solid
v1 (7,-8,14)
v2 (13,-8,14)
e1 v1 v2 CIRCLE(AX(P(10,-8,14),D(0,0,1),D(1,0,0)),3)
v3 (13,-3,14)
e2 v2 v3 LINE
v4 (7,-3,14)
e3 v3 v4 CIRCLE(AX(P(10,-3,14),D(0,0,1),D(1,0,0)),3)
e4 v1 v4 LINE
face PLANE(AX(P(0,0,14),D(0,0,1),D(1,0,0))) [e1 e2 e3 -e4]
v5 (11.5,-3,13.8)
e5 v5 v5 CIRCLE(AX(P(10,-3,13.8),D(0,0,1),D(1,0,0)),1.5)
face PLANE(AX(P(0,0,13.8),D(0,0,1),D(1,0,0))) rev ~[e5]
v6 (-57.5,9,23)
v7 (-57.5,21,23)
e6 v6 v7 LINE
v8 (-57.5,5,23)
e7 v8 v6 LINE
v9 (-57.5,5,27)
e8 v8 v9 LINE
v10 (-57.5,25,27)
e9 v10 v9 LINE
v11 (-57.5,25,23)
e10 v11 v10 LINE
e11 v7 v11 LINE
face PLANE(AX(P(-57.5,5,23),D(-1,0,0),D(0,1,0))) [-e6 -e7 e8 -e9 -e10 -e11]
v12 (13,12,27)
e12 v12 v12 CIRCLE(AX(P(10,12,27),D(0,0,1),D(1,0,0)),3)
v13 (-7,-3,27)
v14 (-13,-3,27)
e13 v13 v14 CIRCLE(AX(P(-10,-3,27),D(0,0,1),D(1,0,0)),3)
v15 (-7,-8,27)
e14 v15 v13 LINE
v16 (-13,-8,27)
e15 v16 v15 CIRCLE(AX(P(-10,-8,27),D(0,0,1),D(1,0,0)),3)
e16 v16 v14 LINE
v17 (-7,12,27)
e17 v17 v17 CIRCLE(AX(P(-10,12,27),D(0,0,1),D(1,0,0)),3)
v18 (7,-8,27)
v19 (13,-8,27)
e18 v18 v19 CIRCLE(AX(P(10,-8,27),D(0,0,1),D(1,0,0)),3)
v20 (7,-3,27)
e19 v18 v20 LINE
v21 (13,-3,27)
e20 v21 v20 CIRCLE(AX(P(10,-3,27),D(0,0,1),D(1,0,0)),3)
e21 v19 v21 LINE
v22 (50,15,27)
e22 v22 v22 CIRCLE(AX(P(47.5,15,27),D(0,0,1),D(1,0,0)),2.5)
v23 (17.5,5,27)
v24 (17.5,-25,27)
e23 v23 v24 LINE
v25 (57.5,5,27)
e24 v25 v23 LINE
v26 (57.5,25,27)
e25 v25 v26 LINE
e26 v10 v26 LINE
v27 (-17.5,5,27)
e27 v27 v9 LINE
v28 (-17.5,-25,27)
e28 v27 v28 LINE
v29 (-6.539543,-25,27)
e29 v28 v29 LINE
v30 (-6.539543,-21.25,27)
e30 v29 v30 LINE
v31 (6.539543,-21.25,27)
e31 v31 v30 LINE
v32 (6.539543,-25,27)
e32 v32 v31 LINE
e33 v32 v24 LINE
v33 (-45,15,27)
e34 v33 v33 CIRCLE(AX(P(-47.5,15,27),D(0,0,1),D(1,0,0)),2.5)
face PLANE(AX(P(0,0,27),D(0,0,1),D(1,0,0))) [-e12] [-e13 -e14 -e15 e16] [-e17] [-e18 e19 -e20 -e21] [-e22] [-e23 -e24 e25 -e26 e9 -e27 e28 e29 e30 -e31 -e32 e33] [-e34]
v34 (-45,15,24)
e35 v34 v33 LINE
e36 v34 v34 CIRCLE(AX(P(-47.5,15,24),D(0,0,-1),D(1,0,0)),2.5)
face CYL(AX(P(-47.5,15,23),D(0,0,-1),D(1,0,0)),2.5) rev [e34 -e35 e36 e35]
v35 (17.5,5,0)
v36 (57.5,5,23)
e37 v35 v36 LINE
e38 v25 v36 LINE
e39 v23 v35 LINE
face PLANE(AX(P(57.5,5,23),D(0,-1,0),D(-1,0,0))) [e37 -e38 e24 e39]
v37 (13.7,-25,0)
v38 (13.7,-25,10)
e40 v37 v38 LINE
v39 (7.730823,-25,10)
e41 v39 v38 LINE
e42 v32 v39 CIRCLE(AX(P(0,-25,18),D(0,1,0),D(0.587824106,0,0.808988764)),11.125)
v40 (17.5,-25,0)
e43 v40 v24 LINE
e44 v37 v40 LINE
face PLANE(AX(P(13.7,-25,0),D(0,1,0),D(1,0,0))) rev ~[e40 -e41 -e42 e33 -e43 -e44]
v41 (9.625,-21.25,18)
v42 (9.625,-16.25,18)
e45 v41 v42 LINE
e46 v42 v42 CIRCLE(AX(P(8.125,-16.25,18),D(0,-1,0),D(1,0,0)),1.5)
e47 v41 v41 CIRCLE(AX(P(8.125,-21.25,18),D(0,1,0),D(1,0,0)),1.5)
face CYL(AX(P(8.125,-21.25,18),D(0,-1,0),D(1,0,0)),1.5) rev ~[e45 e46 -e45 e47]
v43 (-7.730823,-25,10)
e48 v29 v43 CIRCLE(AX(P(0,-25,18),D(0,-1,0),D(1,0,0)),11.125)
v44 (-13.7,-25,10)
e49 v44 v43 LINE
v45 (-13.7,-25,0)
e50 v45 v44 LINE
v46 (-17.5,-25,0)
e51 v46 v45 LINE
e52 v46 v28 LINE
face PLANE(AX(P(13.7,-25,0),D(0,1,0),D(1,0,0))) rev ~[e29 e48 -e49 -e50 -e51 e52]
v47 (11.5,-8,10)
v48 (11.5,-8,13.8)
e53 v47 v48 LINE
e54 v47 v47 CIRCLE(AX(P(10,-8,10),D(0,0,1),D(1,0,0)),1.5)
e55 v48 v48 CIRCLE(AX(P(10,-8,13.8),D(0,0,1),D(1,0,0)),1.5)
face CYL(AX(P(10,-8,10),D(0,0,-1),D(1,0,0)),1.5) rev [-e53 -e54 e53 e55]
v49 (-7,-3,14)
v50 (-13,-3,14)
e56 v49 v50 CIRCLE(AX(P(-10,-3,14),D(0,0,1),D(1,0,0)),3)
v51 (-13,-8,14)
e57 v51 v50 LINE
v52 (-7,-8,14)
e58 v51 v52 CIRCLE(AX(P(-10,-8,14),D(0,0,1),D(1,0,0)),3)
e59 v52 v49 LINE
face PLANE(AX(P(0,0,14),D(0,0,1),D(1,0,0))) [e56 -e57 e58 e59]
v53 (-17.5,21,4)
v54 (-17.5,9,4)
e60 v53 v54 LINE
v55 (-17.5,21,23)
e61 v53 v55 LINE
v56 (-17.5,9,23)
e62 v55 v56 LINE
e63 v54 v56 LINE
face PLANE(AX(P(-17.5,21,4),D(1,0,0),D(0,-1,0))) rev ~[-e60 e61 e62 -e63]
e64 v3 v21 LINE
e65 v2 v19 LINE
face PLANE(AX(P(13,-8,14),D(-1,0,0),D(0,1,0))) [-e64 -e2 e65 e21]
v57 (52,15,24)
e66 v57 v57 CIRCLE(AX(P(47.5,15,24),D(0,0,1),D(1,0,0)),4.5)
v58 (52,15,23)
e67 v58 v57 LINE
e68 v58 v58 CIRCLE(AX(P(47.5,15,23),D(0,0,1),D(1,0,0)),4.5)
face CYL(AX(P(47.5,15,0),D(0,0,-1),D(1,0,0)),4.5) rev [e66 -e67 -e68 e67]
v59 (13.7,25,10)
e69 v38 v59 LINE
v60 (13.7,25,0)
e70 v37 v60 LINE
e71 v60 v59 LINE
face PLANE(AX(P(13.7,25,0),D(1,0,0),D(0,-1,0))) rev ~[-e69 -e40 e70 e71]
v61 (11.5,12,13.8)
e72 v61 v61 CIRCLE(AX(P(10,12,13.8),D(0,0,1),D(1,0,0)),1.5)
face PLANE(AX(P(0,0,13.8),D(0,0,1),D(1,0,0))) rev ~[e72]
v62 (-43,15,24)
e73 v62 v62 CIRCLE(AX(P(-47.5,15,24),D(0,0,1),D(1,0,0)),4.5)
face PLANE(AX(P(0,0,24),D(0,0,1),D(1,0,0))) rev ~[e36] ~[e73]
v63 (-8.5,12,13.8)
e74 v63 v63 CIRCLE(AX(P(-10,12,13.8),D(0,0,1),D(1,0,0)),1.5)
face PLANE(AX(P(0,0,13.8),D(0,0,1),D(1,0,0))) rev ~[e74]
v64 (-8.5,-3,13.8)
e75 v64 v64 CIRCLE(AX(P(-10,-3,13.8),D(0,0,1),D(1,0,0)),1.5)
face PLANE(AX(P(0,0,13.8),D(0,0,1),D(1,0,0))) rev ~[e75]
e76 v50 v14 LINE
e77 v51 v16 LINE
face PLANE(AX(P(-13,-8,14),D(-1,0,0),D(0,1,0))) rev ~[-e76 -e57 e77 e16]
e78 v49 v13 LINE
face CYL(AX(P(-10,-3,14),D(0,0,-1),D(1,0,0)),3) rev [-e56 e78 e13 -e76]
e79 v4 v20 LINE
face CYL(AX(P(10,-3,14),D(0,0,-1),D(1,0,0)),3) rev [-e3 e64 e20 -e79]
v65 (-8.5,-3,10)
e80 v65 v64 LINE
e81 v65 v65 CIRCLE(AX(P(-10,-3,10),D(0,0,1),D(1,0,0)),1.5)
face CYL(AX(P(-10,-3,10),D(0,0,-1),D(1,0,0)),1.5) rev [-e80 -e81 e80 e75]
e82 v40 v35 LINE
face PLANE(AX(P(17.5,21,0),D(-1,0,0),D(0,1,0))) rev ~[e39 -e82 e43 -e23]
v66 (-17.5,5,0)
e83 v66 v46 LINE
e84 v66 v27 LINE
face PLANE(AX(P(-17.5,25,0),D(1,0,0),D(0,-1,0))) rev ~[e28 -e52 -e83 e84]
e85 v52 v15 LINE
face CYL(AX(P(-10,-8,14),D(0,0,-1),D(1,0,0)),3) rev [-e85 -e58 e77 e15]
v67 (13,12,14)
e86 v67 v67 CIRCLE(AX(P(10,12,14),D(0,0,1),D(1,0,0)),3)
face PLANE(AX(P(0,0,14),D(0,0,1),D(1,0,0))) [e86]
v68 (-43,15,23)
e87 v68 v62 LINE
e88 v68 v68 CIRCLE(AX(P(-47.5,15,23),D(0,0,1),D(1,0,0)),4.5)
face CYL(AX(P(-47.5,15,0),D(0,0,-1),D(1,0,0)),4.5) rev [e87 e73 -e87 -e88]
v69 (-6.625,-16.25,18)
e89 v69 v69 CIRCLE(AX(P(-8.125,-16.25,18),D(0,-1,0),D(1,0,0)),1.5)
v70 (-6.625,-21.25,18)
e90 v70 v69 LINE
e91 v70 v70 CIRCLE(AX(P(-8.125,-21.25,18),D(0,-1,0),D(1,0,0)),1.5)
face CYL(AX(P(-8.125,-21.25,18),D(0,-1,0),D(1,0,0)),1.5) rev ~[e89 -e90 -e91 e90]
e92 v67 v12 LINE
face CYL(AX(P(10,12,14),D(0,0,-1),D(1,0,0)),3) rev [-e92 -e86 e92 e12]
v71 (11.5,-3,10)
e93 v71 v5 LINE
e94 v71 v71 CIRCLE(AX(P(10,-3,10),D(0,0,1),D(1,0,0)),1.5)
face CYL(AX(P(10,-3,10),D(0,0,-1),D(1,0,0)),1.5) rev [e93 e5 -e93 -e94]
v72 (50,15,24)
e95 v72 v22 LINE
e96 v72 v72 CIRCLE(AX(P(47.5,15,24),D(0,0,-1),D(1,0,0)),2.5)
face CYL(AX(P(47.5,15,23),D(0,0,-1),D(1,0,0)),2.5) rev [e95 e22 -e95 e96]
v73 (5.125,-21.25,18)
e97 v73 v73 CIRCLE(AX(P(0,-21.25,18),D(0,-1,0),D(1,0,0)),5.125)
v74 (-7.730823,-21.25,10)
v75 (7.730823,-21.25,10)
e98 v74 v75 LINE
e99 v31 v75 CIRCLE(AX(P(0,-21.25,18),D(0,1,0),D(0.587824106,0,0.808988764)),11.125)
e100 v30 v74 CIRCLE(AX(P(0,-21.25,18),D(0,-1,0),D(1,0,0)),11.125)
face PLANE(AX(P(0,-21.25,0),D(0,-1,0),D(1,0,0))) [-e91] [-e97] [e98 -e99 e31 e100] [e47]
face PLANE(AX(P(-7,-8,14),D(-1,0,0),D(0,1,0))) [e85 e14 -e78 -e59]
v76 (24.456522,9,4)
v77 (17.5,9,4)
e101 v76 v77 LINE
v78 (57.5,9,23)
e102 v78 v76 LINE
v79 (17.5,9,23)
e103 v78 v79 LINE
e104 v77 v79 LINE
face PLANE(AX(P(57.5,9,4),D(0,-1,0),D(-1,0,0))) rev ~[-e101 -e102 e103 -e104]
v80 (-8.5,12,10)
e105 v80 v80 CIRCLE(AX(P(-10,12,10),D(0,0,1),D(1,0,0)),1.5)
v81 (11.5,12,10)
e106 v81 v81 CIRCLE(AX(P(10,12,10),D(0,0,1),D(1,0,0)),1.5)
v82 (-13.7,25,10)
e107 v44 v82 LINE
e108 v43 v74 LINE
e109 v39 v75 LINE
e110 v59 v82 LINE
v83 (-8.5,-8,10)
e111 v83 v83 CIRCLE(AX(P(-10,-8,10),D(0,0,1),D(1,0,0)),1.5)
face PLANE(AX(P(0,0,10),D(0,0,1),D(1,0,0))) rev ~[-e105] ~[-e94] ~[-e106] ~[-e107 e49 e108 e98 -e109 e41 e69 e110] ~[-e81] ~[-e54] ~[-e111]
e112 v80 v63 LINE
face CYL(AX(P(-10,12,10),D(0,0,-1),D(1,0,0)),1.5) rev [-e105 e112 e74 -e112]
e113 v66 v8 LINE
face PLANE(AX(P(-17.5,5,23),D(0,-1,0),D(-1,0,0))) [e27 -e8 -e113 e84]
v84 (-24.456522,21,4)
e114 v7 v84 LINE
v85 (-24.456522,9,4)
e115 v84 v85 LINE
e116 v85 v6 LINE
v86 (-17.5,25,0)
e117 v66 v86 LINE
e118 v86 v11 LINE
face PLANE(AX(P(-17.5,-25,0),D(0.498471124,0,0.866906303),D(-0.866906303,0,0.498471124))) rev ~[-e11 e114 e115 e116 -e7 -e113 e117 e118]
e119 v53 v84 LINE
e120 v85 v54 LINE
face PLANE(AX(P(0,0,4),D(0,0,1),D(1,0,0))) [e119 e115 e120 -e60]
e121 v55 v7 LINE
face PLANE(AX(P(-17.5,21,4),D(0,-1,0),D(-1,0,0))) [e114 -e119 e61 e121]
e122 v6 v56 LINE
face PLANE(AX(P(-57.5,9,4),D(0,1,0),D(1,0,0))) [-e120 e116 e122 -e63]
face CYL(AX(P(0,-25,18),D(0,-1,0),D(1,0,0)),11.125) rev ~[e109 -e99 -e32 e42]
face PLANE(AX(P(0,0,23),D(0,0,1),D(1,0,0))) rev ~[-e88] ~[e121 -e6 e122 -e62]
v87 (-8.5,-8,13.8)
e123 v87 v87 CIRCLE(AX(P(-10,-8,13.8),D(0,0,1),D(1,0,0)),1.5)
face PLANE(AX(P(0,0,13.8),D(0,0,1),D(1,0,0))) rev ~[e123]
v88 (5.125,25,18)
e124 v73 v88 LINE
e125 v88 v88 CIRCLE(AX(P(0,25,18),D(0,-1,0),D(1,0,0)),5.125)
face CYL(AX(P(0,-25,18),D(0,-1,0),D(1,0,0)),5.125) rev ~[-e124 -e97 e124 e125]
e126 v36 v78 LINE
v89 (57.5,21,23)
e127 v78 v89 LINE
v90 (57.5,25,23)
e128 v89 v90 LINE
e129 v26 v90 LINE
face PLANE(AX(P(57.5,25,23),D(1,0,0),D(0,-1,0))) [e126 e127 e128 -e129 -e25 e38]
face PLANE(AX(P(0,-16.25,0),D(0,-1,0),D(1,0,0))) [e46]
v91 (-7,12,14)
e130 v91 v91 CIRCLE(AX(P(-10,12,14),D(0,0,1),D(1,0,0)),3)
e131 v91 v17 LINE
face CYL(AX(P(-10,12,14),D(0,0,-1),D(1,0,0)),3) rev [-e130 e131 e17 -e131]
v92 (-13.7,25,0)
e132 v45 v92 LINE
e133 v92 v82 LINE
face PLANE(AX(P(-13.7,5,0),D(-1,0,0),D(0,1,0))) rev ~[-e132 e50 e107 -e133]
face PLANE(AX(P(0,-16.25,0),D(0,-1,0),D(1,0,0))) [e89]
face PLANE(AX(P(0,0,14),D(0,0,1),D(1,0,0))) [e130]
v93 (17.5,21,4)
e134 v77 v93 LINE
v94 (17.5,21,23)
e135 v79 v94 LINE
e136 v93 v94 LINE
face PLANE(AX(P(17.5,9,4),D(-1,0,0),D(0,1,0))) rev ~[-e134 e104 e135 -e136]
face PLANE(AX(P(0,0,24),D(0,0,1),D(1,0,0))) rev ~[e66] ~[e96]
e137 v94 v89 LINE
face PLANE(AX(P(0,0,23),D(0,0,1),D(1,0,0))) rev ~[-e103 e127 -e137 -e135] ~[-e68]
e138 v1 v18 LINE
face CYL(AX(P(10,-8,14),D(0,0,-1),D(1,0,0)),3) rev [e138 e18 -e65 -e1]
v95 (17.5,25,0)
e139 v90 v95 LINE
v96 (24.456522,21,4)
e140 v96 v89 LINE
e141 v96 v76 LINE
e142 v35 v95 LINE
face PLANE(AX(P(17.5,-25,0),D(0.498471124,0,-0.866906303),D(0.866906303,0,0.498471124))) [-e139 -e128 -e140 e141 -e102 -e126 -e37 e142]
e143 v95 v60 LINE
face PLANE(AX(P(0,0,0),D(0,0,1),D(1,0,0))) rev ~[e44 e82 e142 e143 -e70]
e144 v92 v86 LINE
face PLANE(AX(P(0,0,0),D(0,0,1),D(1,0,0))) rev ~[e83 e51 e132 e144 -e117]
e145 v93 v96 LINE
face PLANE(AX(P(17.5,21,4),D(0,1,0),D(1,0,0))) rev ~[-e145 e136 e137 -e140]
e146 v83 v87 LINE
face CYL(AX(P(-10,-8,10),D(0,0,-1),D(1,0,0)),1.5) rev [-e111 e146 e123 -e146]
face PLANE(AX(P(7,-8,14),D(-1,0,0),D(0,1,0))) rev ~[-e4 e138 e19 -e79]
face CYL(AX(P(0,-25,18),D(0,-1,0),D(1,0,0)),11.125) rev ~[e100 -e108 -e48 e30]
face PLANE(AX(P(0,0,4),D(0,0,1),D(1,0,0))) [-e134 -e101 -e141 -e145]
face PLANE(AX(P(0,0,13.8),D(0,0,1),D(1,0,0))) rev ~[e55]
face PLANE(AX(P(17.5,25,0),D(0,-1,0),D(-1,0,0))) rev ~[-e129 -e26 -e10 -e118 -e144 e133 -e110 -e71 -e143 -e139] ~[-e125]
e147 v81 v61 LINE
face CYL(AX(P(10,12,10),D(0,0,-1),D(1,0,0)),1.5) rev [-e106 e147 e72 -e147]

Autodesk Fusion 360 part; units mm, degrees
sketch "Sketch1" plane through (0, 0, 0) normal (0, 0, 1) x (1, 0, 0)
  line L0 (17.5, 25) -> (-17.5, 25)
  line L1 (-17.5, 25) -> (-17.5, -25)
  line L2 (-17.5, -25) -> (17.5, -25)
  line L3 (17.5, -25) -> (17.5, 25)
  line L4 (17.5, 25) -> (-17.5, -25) construction
  line L5 (-17.5, 25) -> (17.5, -25) construction
  line L6 (-13.7, 25) -> (13.7, 25)
  line L7 (13.7, 25) -> (13.7, -25)
  line L8 (13.7, -25) -> (-13.7, -25)
  line L9 (-13.7, -25) -> (-13.7, 25)
  line L10 (-57.5, 25) -> (57.5, 25)
  line L11 (57.5, 25) -> (57.5, 5)
  line L12 (57.5, 5) -> (-57.5, 5)
  line L13 (-57.5, 5) -> (-57.5, 25)
  line L14 (17.5, -8) -> (-17.5, -8) construction
  line L15 (17.5, 12) -> (-17.5, 12) construction
  line L16 (-10, -25) -> (-10, 25) construction
  line L17 (10, -25) -> (10, 26.6131) construction
  circle A0 centre (10, -8) radius 1.5
  circle A1 centre (10, 12) radius 1.5
  circle A2 centre (-10, 12) radius 1.5
  circle A3 centre (-10, -8) radius 1.5
  circle A4 centre (10, 12) radius 3
  circle A5 centre (-10, 12) radius 3
  circle A6 centre (-10, -8) radius 3
  circle A7 centre (10, -8) radius 3
  circle A8 centre (47.5, 15) radius 2.5
  circle A9 centre (47.5, 15) radius 4.5
  circle A10 centre (-47.5, 15) radius 2.5
  circle A11 centre (-47.5, 15) radius 4.5
  line L18 (-17.5, 21) -> (-57.5, 21)
  line L19 (-57.5, 21) -> (-57.5, 9)
  line L20 (-57.5, 9) -> (-17.5, 9)
  line L21 (-17.5, 9) -> (-17.5, 21)
  line L22 (57.5, 9) -> (17.5, 9)
  line L23 (17.5, 9) -> (17.5, 21)
  line L24 (17.5, 21) -> (57.5, 21)
  line L25 (57.5, 21) -> (57.5, 9)
  circle A12 centre (10, -3) radius 1.5
  circle A13 centre (10, -3) radius 3
  circle A14 centre (-10, -3) radius 3
  circle A15 centre (-10, -3) radius 1.5
  line L26 (-13, -8) -> (-13, -3)
  line L27 (-7, -8) -> (-7, -3)
  line L28 (7, -8) -> (7, -3)
  line L29 (13, -8) -> (13, -3)
  point P0 (-47.5, 15)
  point P1 (47.5, 15)
  dimension "d1" = 35
  dimension "d2" = 50
  dimension "d5" = 27.4
  dimension "d6" = 50
  dimension "d7" = 3.8
  dimension "d10" = 115
  dimension "d11" = 20
  dimension "d12" = 40
  dimension "d16" = 7.5
  dimension "d17" = 7.5
  dimension "d19" = 13
  dimension "d20" = 3
  dimension "d21" = 3
  dimension "d22" = 3
  dimension "d23" = 3
  dimension "d30" = 6
  dimension "d31" = 6
  dimension "d32" = 6
  dimension "d33" = 6
  dimension "d40" = 5
  dimension "d41" = 9
  dimension "d42" = 5
  dimension "d43" = 9
  dimension "d52" = 40
  dimension "d53" = 12
  dimension "d54" = 12
  dimension "d71" = 20
  dimension "d81" = 10
  dimension "d82" = 10
  dimension "d83" = 10
  dimension "d84" = 10
  dimension "d94" = 3
  dimension "d95" = 3
  dimension "d96" = 6
  dimension "d97" = 6
  dimension "d98" = 5
extrude "Extrude1" add sketch "Sketch1" along normal blind 27 contours L0 L3 L7 L10 L12 L23 | L0 L6 L7 L9 L10 L12 | L0 L1 L9 L10 L12 L21 | L2 L3 L7 L12 | L2 L7 L8 L9 L12 | L1 L2 L9 L12 | A0 | A1 | A2 | A3 | A4 | A5 | A6 A14 | A6 A14 L26 | A6 A14 L27 | A6 A14 | A6 A14 | A7 A13 | A7 A13 L28 | A7 A13 L29 | A7 A13 | A7 A13 | A12 | A15
extrude "Extrude2" cut sketch "Sketch1" along normal blind 10 contours L0 L6 L7 L9 L10 L12 | L2 L7 L8 L9 L12 | A0 | A1 | A2 | A3 | A4 | A5 | A6 A14 | A6 A14 L26 | A6 A14 L27 | A6 A14 | A6 A14 | A7 A13 | A7 A13 L28 | A7 A13 L29 | A7 A13 | A7 A13 | A12 | A15
extrude "Extrude3" add sketch "Sketch1" along normal blind 4 from surface at 23 contours L0 L3 L7 L10 L12 L23 | L3 L10 L11 L24 | L0 L6 L7 L9 L10 L12 | L3 L11 L22 L23 L24 L25 | L0 L1 L9 L10 L12 L21 | L3 L11 L12 L22 | L1 L10 L13 L18 | L1 L13 L18 L19 L20 L21 | L1 L12 L13 L20 | A1 | A2 | A4 | A5 | A8 | A9 | A10 | A11
extrude "Extrude6" cut sketch "Sketch1" along normal up to surface (13 mm away) from surface at 14 contours A0 | A3 | A6 A14 | A6 A14 L26 | A6 A14 L27 | A6 A14 | A6 A14 | A7 A13 | A7 A13 L28 | A7 A13 L29 | A7 A13 | A7 A13 | A12 | A15
extrude "Extrude7" cut sketch "Sketch1" along normal up to surface (13 mm away) from surface at 14 contours A1 | A2 | A4 | A5
extrude "Extrude4" cut sketch "Sketch1" along normal blind 3.8 from surface at 10 contours A0 | A3 | A12 | A15
extrude "Extrude5" cut sketch "Sketch1" along normal blind 3.8 from surface at 10 contours A1 | A2
extrude "Extrude8" cut sketch "Sketch1" along normal up to surface (4 mm away) from surface at 23 contours A8 | A10
extrude "Extrude9" cut sketch "Sketch1" along normal blind 1 from surface at 23 contours A8 | A9 | A10 | A11
extrude "Extrude10" add sketch "Sketch1" along normal up to surface (23 mm away) contours L3 L10 L11 L24 | L3 L11 L22 L23 L24 L25 | L3 L11 L12 L22 | L1 L10 L13 L18 | L1 L13 L18 L19 L20 L21 | L1 L12 L13 L20
sketch "Sketch2" plane through (0, -25, 0) normal (0, -1, 0) x (1, 0, 0)
  line L0 (-17.5, 0) -> (-17.5, 23)
  line L1 (17.5, 23) -> (17.5, 0)
  line L2 (-13.7, 0) -> (-13.7, 10)
  line L3 (-13.7, 10) -> (13.7, 10)
  line L4 (13.7, 10) -> (13.7, 0)
  line L5 (13.7, 0) -> (17.5, 0)
  line L6 (17.5, 0) -> (17.5, 27)
  line L7 (17.5, 27) -> (-17.5, 27)
  line L8 (-17.5, 27) -> (-17.5, 0)
  line L9 (-17.5, 0) -> (-13.7, 0)
  line L10 (17.5, 18) -> (-17.5, 18) construction
  line L11 (0, 23) -> (0, 10) construction
  circle A0 centre (0, 18) radius 5.125
  circle A1 centre (0, 18) radius 11.125
  line L12 (11.125, 18) -> (5.125, 18)
  line L13 (11.125, 18) -> (5.125, 18) construction
  line L14 (-5.125, 18) -> (-11.125, 18) construction
  circle A2 centre (-8.125, 18) radius 1.5
  circle A3 centre (8.125, 18) radius 1.5
  line L15 (-17.5, 27) -> (-57.5, 27)
  line L16 (-57.5, 27) -> (-57.5, 0)
  line L17 (-57.5, 0) -> (-17.5, 0)
  line L18 (-17.5, 0) -> (-17.5, 27)
  line L19 (17.5, 27) -> (57.5, 27)
  line L20 (57.5, 27) -> (57.5, 0)
  line L21 (57.5, 0) -> (17.5, 0)
  line L22 (17.5, 0) -> (17.5, 27)
  line L23 (-57.5, 27) -> (-17.5, 0) construction
  line L24 (-17.5, 27) -> (-57.5, 0) construction
  line L25 (17.5, 0) -> (57.5, 27) construction
  line L26 (17.5, 27) -> (57.5, 0) construction
  line L27 (-17.5, 23) -> (-57.5, 23)
  line L28 (-57.5, 23) -> (-57.5, 4)
  line L29 (-57.5, 4) -> (-17.5, 4)
  line L30 (-17.5, 4) -> (-17.5, 23)
  line L31 (-17.5, 23) -> (-57.5, 4) construction
  line L32 (-57.5, 23) -> (-17.5, 4) construction
  line L33 (57.5, 23) -> (17.5, 23)
  line L34 (17.5, 23) -> (17.5, 4)
  line L35 (17.5, 4) -> (57.5, 4)
  line L36 (57.5, 4) -> (57.5, 23)
  line L37 (57.5, 23) -> (17.5, 4) construction
  line L38 (17.5, 23) -> (57.5, 4) construction
  line L39 (-17.5, 0) -> (-57.5, 23)
  line L40 (17.5, 0) -> (57.5, 23)
  point P0 (-37.5, 13.5)
  point P1 (37.5, 13.5)
  dimension "d64" = 8
  dimension "d65" = 10.25
  dimension "d66" = 22.25
  dimension "d74" = 3
  dimension "d75" = 3
  dimension "d85" = 40
  dimension "d86" = 27
  dimension "d87" = 40
  dimension "d88" = 27
  dimension "d89" = 19
  dimension "d90" = 40
  dimension "d91" = 19
extrude "Extrude16" cut sketch "Sketch2" against normal up to surface (50 mm away) contours L16 L17 L29 L39 | L16 L28 L29 L39 | L20 L21 L35 L40 | L20 L35 L36 L40
extrude "Extrude14" cut sketch "Sketch2" against normal blind 3.75 contours L3 L7 A1 | A0 | L12 A3 | L12 A3 | A2
extrude "Extrude13" cut sketch "Sketch2" against normal up to surface (50 mm away) contours A0
extrude "Extrude15" cut sketch "Sketch2" against normal blind 5 from surface at -3.75 contours L12 A3 | L12 A3 | A2
extrude "Extrude11" cut sketch "Sketch1" along normal up to surface (19 mm away) from surface at 4 contours L3 L11 L22 L23 L24 L25 | L1 L13 L18 L19 L20 L21
